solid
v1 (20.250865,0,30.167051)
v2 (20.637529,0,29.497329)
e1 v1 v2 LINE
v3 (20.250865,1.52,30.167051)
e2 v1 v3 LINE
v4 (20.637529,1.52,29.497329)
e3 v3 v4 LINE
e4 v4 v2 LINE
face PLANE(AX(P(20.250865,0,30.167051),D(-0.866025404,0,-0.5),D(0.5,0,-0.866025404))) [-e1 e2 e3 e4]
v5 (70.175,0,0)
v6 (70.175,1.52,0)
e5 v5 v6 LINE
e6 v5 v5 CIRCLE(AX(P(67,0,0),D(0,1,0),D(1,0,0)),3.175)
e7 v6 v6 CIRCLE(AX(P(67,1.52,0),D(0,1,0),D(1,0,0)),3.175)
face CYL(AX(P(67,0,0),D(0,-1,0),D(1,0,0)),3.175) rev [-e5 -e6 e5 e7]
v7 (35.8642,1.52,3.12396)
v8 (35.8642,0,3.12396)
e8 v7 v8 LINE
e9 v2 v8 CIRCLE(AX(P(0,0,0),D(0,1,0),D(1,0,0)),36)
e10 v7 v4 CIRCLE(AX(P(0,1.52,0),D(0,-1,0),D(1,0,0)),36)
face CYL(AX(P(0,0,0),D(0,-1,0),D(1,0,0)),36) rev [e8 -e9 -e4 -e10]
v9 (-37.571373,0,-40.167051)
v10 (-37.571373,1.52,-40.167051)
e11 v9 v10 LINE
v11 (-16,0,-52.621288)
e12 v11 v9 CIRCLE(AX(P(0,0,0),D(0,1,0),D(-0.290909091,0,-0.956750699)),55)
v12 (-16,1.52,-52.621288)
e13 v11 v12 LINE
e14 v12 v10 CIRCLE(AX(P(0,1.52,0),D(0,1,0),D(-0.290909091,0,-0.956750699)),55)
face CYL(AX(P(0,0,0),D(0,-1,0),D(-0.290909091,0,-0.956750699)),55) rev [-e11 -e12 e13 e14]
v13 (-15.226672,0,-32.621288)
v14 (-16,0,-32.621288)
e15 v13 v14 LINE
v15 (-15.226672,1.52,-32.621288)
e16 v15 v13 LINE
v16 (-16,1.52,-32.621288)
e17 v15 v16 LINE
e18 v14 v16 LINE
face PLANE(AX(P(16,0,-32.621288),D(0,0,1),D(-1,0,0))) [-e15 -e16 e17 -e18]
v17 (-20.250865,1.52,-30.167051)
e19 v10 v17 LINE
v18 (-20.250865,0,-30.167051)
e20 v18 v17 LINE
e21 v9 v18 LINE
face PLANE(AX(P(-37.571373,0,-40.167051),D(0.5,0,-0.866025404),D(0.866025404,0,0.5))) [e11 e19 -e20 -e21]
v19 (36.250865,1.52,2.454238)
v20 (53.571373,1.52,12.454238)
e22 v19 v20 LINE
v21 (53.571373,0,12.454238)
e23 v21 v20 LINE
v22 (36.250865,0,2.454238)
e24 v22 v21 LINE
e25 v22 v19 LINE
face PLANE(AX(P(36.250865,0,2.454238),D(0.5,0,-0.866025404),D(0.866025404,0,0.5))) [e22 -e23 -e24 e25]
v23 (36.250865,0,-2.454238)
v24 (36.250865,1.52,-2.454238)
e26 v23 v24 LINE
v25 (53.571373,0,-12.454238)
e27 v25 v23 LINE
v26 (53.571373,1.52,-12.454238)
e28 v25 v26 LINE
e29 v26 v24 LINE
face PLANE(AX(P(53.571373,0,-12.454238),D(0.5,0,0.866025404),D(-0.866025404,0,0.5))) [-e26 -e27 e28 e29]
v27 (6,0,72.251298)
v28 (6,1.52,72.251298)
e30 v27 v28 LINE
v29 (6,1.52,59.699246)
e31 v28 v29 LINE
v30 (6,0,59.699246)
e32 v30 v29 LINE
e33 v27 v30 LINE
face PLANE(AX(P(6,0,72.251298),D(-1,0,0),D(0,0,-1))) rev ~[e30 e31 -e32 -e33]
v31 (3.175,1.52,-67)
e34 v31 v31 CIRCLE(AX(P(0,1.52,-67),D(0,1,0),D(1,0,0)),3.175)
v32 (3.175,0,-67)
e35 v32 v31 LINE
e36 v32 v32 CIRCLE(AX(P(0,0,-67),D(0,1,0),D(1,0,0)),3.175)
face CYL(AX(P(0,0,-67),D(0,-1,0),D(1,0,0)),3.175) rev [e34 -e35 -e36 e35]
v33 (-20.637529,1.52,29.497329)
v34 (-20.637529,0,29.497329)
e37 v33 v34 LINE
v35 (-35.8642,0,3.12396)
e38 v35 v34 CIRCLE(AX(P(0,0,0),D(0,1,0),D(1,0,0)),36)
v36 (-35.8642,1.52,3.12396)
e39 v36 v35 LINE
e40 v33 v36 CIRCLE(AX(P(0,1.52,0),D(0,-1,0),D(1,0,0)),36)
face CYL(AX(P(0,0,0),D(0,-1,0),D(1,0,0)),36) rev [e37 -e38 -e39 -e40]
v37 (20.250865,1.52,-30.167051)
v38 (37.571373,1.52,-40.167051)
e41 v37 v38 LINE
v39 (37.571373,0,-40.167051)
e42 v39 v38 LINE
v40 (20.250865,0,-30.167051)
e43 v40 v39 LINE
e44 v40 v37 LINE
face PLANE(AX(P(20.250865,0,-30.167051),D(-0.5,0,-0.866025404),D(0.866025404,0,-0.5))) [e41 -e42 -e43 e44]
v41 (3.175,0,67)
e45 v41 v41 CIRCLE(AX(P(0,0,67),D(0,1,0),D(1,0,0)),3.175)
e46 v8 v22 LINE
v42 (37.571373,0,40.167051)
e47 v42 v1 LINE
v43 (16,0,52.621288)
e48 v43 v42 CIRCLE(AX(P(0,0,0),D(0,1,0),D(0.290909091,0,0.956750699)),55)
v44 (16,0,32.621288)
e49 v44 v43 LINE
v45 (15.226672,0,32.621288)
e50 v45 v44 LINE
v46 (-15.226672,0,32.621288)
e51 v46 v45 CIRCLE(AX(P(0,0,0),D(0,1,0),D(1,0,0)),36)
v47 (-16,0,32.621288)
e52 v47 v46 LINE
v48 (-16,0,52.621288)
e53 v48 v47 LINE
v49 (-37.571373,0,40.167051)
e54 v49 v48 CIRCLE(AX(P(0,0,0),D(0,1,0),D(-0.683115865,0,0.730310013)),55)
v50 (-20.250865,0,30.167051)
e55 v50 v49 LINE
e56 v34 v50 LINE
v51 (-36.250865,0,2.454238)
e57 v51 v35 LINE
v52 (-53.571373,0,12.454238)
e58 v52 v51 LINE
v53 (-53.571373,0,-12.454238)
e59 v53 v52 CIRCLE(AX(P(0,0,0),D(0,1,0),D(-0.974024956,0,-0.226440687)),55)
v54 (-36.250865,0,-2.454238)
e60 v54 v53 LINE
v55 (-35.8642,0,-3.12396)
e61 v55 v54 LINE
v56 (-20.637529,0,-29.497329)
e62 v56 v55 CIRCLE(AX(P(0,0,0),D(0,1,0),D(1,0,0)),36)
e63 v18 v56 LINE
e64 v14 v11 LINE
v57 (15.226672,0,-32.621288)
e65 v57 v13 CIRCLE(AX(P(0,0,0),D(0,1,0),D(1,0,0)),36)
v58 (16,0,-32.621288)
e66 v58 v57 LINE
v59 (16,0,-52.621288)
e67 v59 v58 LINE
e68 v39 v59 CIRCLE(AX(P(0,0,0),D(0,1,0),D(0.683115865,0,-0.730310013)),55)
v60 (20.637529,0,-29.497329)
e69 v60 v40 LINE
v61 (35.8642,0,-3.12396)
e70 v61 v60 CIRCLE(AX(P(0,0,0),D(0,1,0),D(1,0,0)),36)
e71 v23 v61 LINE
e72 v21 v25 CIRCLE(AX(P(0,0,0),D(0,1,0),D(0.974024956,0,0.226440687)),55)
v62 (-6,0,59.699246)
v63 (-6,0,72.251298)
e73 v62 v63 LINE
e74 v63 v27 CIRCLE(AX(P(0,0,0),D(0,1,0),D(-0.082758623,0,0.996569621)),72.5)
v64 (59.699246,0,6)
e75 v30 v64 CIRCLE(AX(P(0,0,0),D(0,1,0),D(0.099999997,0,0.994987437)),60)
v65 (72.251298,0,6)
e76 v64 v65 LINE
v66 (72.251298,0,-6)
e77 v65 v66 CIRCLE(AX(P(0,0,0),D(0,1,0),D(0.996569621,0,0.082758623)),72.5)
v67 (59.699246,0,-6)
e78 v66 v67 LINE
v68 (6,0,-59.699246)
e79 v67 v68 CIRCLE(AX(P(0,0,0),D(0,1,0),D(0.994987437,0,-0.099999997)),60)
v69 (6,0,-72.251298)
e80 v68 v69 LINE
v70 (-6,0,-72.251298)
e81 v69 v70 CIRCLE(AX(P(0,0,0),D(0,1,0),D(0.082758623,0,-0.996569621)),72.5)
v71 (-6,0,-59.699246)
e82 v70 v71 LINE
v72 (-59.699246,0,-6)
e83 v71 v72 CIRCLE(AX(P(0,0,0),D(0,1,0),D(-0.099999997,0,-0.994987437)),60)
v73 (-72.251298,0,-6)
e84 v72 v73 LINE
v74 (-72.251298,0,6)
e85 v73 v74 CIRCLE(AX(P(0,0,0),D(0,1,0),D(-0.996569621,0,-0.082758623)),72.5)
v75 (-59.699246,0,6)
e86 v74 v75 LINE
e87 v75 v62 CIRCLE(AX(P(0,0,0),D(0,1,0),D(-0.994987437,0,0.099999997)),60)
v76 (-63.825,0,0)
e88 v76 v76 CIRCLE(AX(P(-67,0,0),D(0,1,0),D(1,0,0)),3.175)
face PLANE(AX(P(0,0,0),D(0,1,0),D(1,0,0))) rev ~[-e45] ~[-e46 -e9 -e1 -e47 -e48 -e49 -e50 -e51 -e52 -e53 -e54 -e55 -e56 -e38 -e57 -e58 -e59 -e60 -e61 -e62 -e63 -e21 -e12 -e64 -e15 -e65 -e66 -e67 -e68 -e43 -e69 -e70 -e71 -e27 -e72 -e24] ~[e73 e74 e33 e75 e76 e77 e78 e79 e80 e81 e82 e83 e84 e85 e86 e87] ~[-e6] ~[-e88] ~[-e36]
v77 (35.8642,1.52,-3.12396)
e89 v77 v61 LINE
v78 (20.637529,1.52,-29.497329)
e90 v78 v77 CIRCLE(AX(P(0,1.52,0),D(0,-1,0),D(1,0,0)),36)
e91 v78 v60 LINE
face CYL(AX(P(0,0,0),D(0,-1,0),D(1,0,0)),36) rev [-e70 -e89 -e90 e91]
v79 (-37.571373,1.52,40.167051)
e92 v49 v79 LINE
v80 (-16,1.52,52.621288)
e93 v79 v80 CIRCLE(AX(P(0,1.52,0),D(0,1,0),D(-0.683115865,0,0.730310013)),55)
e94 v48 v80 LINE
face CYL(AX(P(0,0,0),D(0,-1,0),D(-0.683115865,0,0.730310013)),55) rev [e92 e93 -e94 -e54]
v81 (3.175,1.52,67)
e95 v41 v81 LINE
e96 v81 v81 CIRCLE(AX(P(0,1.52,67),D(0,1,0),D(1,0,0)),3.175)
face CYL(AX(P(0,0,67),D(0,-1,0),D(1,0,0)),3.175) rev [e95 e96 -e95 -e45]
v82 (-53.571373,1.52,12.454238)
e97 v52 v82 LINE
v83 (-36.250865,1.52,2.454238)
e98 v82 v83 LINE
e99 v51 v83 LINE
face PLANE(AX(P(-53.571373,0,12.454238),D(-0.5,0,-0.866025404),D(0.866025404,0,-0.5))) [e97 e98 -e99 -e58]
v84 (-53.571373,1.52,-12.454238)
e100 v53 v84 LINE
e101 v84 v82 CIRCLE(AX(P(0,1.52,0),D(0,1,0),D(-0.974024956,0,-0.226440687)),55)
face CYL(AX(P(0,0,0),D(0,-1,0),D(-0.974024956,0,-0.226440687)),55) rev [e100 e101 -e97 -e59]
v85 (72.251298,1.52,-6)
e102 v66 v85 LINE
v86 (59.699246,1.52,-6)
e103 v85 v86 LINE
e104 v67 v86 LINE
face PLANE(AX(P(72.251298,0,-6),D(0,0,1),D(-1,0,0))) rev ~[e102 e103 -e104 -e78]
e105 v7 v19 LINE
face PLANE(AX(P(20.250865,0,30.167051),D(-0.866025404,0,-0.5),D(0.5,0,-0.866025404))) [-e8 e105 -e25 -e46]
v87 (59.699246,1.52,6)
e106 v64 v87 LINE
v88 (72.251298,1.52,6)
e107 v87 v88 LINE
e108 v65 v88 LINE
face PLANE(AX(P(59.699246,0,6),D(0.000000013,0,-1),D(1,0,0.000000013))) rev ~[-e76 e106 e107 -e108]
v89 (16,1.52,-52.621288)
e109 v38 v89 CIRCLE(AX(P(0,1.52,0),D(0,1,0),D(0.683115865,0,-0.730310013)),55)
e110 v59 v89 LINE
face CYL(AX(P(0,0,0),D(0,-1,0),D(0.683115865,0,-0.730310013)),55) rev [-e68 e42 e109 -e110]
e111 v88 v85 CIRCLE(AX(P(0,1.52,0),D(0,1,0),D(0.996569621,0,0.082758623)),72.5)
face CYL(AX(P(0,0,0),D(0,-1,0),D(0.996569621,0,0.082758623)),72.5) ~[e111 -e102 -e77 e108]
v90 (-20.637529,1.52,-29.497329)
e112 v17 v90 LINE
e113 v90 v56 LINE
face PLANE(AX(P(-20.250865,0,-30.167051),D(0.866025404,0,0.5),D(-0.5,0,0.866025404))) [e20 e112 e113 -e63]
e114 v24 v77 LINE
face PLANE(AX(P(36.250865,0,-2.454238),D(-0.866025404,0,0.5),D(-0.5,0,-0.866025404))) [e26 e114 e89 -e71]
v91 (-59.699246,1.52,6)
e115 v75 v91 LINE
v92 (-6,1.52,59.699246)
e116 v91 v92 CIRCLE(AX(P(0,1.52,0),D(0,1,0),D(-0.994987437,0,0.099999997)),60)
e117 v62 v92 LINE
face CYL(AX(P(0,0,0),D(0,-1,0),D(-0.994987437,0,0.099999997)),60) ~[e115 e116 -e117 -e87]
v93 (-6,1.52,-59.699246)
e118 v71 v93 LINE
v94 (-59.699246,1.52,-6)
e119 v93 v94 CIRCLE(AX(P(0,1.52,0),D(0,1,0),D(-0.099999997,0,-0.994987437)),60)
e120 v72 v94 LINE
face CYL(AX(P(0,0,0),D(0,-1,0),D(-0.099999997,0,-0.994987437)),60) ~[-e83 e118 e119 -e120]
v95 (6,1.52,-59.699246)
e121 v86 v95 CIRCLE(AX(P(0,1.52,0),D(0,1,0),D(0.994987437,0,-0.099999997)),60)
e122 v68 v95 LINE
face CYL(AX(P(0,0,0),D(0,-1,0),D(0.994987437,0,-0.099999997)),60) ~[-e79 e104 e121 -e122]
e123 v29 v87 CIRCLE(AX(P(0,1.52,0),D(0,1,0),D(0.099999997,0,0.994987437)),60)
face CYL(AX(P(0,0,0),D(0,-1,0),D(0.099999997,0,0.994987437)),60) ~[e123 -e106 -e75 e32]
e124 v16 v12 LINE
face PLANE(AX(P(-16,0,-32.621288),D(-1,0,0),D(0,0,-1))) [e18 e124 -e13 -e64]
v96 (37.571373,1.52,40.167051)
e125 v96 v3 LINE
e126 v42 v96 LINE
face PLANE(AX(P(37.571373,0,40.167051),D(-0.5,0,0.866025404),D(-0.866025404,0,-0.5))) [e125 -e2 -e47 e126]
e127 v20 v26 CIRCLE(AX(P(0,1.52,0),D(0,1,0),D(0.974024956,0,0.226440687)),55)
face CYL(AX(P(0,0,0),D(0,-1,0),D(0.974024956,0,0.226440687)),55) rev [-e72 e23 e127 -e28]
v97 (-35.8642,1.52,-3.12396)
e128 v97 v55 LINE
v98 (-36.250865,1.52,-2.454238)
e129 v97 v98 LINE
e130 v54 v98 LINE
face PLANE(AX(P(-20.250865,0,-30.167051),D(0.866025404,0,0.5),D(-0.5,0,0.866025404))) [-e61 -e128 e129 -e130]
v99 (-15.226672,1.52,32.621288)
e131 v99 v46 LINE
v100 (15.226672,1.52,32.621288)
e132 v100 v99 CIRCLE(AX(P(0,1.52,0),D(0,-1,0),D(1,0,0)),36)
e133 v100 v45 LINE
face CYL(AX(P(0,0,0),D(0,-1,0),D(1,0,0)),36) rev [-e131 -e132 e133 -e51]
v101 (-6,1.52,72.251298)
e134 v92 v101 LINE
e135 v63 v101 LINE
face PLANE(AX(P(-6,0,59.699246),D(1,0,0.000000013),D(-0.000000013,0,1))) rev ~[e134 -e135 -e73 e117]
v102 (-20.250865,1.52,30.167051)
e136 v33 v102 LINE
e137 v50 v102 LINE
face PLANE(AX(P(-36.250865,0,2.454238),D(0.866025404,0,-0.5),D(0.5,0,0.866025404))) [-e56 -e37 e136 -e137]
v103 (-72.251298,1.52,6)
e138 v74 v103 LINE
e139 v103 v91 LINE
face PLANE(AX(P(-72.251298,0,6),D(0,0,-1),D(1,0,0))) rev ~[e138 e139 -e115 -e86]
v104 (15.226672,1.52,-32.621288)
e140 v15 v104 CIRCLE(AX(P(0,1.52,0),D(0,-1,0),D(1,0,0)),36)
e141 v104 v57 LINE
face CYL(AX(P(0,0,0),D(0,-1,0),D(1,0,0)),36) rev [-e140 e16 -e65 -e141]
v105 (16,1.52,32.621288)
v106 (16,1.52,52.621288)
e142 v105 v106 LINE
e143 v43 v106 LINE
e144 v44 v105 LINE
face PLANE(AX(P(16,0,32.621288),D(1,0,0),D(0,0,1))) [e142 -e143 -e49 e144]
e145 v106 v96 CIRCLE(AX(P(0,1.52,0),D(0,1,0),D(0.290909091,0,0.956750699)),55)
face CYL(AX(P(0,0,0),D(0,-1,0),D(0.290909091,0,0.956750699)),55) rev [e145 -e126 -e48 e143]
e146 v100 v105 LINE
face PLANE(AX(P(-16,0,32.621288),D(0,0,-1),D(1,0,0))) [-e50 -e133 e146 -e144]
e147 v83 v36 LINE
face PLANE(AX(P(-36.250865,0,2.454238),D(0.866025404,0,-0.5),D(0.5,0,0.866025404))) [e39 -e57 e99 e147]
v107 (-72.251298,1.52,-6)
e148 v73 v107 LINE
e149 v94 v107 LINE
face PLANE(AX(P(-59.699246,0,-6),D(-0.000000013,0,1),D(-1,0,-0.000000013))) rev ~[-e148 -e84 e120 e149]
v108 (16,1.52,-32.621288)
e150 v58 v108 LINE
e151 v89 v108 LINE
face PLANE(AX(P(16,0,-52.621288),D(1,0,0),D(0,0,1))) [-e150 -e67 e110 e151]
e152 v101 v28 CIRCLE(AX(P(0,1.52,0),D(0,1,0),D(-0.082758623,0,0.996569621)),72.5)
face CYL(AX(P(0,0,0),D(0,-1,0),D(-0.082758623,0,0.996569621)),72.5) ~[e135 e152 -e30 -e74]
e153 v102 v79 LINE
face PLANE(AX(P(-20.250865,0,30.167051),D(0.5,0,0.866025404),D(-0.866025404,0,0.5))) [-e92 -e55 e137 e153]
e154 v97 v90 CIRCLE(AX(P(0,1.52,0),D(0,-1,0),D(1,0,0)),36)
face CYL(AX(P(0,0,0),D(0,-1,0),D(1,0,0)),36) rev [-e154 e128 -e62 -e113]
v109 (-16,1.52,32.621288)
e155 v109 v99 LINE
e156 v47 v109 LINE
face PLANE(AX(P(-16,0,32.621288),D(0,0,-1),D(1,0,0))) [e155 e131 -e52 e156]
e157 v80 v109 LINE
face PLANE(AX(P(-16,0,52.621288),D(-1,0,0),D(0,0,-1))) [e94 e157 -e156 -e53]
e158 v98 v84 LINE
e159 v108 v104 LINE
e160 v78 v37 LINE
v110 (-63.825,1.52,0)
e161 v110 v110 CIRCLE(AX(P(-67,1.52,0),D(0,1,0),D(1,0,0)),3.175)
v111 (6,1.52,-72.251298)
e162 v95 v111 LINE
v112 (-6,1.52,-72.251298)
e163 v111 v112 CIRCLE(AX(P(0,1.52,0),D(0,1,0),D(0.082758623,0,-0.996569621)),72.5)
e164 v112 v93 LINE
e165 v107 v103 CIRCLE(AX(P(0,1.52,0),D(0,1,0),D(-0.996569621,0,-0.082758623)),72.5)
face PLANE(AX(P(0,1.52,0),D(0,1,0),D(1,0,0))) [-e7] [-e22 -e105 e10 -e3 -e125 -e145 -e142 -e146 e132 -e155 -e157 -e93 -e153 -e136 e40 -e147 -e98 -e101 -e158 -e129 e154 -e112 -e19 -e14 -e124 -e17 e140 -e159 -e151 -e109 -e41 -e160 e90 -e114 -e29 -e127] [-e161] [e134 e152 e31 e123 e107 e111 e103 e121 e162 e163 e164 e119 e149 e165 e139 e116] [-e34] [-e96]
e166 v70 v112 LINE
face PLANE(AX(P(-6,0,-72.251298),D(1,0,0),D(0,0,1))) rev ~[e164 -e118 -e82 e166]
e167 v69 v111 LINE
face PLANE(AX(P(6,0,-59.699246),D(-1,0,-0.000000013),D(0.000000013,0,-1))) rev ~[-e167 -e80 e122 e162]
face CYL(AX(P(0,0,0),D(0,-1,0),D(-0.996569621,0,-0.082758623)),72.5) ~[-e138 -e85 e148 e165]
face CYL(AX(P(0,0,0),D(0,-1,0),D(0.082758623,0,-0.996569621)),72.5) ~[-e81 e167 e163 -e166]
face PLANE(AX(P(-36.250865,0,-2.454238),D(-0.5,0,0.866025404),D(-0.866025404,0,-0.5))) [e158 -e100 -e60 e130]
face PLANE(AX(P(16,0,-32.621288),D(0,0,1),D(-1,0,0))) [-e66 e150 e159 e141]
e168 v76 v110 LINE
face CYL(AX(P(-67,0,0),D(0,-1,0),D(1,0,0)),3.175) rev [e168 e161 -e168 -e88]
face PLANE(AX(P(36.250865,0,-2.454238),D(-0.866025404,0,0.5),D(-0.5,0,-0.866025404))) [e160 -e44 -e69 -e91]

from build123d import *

# Parameters (mm, degrees)
SKETCH1_R           = 3.175
BOSS_EXTRUDE5_DEPTH = 1.52
SKETCH3_R           = 36
CUT_EXTRUDE4_DEPTH  = 2.52


with BuildPart() as part:
    # Sketch1 → Boss-Extrude5 (new body)
    with BuildSketch(Plane(origin=(0, 0, 0), x_dir=(1, 0, 0), z_dir=(0, 1, 0))):
        with BuildLine():
            Line((-5.999999832, 72.25129758), (-5.999999832, 59.699246243))
            ThreePointArc((-5.999999832, 59.699246243), (-42.426406812, 42.426406931), (-59.699246226, 6))
            Line((-59.699246226, 6), (-72.251297552, 6.000000168))
            ThreePointArc((-72.251297552, 6.000000168), (-72.5, 1.68e-07), (-72.25129758, -5.999999832))
            Line((-72.25129758, -5.999999832), (-59.699246243, -5.999999832))
            ThreePointArc((-59.699246243, -5.999999832), (-42.426406931, -42.426406812), (-6, -59.699246226))
            Line((-6, -59.699246226), (-6.000000168, -72.251297552))
            ThreePointArc((-6.000000168, -72.251297552), (-1.68e-07, -72.5), (5.999999832, -72.25129758))
            Line((5.999999832, -72.25129758), (5.999999832, -59.699246243))
            ThreePointArc((5.999999832, -59.699246243), (42.426406812, -42.426406931), (59.699246226, -6))
            Line((59.699246226, -6), (72.251297552, -6.000000168))
            ThreePointArc((72.251297552, -6.000000168), (72.5, -1.68e-07), (72.25129758, 5.999999832))
            Line((72.25129758, 5.999999832), (59.699246243, 5.999999832))
            ThreePointArc((59.699246243, 5.999999832), (42.426406931, 42.426406812), (6, 59.699246226))
            Line((6, 59.699246226), (6.000000168, 72.251297552))
            ThreePointArc((6.000000168, 72.251297552), (1.68e-07, 72.5), (-5.999999832, 72.25129758))
        make_face()
        with Locations((9.7e-08, 67)):
            Circle(SKETCH1_R, mode=Mode.SUBTRACT)
        with Locations((67, -9.7e-08)):
            Circle(SKETCH1_R, mode=Mode.SUBTRACT)
        with Locations((-9.7e-08, -67)):
            Circle(SKETCH1_R, mode=Mode.SUBTRACT)
        with Locations((-67, 9.7e-08)):
            Circle(SKETCH1_R, mode=Mode.SUBTRACT)
        with BuildLine():
            Line((20.250864517, 30.167050694), (37.571372593, 40.167050694))
            ThreePointArc((37.571372593, 40.167050694), (27.5, 47.631397208), (16, 52.621288468))
            Line((16, 52.621288468), (16, 32.621288468))
            Line((16, 32.621288468), (-16, 32.621288468))
            Line((-16, 32.621288468), (-16, 52.621288468))
            ThreePointArc((-16, 52.621288468), (-27.5, 47.631397208), (-37.571372593, 40.167050694))
            Line((-37.571372593, 40.167050694), (-20.250864517, 30.167050694))
            Line((-20.250864517, 30.167050694), (-36.250864517, 2.454237773))
            Line((-36.250864517, 2.454237773), (-53.571372593, 12.454237773))
            ThreePointArc((-53.571372593, 12.454237773), (-55, 0), (-53.571372593, -12.454237773))
            Line((-53.571372593, -12.454237773), (-36.250864517, -2.454237773))
            Line((-36.250864517, -2.454237773), (-20.250864517, -30.167050694))
            Line((-20.250864517, -30.167050694), (-37.571372593, -40.167050694))
            ThreePointArc((-37.571372593, -40.167050694), (-27.5, -47.631397208), (-16, -52.621288468))
            Line((-16, -52.621288468), (-16, -32.621288468))
            Line((-16, -32.621288468), (16, -32.621288468))
            Line((16, -32.621288468), (16, -52.621288468))
            ThreePointArc((16, -52.621288468), (27.5, -47.631397208), (37.571372593, -40.167050694))
            Line((37.571372593, -40.167050694), (20.250864517, -30.167050694))
            Line((20.250864517, -30.167050694), (36.250864517, -2.454237773))
            Line((36.250864517, -2.454237773), (53.571372593, -12.454237773))
            ThreePointArc((53.571372593, -12.454237773), (55, 0), (53.571372593, 12.454237773))
            Line((53.571372593, 12.454237773), (36.250864517, 2.454237773))
            Line((36.250864517, 2.454237773), (20.250864517, 30.167050694))
        make_face(mode=Mode.SUBTRACT)
    extrude(amount=BOSS_EXTRUDE5_DEPTH)

    # Sketch3 → Cut-Extrude4 (cut, through all)
    with BuildSketch(Plane(origin=(0, 0, 0), x_dir=(1, 0, 0), z_dir=(0, 1, 0))):
        Circle(SKETCH3_R)
    extrude(amount=CUT_EXTRUDE4_DEPTH, mode=Mode.SUBTRACT)


solid = part.part
